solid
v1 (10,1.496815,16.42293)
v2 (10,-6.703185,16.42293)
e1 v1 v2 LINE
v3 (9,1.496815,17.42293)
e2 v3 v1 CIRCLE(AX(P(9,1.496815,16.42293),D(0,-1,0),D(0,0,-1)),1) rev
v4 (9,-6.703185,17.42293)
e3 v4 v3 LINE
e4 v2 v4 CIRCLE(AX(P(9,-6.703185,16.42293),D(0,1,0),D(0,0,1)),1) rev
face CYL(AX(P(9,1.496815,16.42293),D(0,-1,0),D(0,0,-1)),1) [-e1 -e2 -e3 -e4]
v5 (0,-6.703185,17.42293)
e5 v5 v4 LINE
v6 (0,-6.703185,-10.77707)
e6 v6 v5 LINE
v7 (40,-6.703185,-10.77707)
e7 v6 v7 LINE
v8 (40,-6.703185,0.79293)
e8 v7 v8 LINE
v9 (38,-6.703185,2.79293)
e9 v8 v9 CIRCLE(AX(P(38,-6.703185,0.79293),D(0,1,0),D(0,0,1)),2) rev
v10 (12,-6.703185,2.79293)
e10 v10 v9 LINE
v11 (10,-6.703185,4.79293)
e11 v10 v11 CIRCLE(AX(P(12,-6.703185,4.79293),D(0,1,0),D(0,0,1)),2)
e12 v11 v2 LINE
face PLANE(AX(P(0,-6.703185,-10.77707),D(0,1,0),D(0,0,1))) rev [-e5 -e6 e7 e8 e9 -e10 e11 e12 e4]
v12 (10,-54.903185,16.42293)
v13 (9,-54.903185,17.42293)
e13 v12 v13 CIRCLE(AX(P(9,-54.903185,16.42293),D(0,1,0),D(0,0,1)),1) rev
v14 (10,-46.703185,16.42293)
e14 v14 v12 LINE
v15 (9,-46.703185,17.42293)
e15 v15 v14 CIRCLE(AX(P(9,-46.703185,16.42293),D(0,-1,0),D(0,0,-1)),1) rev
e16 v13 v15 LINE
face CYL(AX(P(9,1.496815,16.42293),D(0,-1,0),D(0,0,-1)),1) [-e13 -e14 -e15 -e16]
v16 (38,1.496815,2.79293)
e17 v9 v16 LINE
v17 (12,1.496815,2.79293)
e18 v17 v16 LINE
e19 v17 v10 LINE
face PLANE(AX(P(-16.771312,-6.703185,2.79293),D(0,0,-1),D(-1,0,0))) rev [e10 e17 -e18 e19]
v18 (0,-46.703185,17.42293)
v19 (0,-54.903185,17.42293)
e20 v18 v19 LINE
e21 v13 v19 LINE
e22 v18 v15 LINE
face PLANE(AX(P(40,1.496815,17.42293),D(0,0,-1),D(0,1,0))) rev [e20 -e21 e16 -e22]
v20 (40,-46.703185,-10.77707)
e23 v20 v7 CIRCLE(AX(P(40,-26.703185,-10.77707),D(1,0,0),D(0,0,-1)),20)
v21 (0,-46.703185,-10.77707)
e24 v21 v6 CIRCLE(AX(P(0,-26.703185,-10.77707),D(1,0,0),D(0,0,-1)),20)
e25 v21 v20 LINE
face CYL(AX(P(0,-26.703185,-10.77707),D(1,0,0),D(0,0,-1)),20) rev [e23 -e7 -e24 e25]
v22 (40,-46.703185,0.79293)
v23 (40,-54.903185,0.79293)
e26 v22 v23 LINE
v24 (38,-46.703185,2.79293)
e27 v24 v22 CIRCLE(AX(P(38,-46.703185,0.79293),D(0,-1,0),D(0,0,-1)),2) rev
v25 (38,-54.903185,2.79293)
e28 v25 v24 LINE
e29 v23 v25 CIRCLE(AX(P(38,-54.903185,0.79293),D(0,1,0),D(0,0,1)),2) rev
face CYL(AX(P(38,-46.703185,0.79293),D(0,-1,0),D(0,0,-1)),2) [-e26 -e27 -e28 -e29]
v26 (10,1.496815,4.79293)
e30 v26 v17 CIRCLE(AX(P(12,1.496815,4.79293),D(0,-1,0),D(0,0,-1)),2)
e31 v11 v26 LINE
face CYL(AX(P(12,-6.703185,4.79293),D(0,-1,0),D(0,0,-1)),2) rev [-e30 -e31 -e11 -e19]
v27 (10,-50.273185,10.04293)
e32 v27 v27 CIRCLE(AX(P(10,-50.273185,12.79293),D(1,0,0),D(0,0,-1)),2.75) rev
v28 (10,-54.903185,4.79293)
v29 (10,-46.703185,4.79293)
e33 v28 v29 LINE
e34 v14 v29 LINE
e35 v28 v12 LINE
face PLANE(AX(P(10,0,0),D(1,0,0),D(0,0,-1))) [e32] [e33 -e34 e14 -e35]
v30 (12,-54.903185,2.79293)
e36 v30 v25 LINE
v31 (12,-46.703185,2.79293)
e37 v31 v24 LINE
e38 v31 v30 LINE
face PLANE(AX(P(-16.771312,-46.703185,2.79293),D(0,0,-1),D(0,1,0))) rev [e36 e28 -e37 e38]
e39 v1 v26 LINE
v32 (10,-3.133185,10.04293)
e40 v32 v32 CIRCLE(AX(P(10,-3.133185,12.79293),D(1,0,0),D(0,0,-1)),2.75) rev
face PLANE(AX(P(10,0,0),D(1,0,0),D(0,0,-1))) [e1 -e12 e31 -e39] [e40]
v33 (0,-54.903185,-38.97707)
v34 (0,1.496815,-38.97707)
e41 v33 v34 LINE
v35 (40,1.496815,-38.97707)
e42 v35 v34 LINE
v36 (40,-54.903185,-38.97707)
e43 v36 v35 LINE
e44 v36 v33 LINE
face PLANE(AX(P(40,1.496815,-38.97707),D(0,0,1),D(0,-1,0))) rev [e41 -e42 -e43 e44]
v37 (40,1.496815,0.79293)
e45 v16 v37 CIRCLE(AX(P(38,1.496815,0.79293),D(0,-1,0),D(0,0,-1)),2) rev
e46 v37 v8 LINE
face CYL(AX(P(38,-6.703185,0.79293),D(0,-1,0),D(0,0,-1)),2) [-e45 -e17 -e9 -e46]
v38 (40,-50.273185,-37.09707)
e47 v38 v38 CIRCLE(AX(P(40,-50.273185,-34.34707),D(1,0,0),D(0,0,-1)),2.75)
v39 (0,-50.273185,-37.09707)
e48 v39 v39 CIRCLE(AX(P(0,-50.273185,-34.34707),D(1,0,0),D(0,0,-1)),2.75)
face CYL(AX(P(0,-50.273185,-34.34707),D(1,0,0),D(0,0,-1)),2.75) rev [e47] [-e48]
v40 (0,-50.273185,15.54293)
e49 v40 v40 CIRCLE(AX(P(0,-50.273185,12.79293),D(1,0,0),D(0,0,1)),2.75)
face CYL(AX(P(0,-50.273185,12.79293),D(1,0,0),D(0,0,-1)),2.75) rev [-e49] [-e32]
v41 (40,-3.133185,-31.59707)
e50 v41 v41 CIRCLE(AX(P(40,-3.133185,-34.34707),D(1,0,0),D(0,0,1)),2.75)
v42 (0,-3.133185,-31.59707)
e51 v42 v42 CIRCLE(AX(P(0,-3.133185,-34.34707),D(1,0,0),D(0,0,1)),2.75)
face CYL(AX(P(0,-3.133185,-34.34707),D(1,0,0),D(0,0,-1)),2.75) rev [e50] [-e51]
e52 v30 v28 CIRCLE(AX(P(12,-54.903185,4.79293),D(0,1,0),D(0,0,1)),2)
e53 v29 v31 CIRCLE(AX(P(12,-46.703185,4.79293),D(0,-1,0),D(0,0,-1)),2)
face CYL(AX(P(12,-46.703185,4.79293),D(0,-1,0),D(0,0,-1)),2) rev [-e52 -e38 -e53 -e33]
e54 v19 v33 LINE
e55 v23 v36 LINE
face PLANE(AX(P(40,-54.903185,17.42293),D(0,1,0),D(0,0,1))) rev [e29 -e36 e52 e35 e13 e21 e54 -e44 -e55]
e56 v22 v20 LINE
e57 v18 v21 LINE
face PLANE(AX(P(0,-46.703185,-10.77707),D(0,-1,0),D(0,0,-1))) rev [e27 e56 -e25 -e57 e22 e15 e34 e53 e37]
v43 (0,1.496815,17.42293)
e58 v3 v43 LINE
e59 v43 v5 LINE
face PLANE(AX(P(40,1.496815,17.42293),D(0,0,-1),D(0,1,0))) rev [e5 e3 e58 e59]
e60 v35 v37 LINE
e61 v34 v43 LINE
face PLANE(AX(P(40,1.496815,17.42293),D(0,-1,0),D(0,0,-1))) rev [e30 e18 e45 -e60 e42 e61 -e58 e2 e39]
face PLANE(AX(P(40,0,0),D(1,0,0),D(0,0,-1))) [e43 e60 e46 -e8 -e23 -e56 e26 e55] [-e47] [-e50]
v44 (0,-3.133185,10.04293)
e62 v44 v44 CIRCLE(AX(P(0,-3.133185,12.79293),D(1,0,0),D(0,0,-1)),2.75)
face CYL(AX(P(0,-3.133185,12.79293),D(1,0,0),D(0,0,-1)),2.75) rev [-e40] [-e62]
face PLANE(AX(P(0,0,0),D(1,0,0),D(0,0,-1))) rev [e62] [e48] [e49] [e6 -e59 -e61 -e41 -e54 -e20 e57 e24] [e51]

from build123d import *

# Parameters (mm, degrees)
SKETCH1_W           = 56.4
SKETCH1_H           = 56.4
BOSS_EXTRUDE1_DEPTH = 40
SKETCH2_R           = 2.75
CUT_EXTRUDE1_DEPTH  = 79.317122537
CUT_EXTRUDE3_DEPTH  = 79.317122537
SKETCH5_W           = 14.63
SKETCH5_H           = 8.2
CUT_EXTRUDE4_DEPTH  = 30
FILLET1_R           = 2
FILLET2_R           = 2
FILLET3_R           = 1


with BuildPart() as part:
    # Sketch1 → Boss-Extrude1 (new body)
    with BuildSketch(Plane(origin=(0, 0, 0), x_dir=(0, 0, -1), z_dir=(1, 0, 0))):
        with Locations((10.777070064, -26.703184713)):
            Rectangle(SKETCH1_W, SKETCH1_H)
    extrude(amount=BOSS_EXTRUDE1_DEPTH)

    # Sketch2 → Cut-Extrude1 (cut, through all)
    with BuildSketch(Plane(origin=(40, 0, 0), x_dir=(0, 0, -1), z_dir=(1, 0, 0))):
        with Locations((-12.792929936, -3.133184713)):
            Circle(SKETCH2_R)
        with Locations(Location((-12.792929936, -50.273184713, 0), (0, 0, 180))):
            Circle(SKETCH2_R)
        with Locations(Location((34.347070064, -3.133184713, 0), (0, 0, 180))):
            Circle(SKETCH2_R)
        with Locations((34.347070064, -50.273184713)):
            Circle(SKETCH2_R)
    extrude(amount=-CUT_EXTRUDE1_DEPTH, mode=Mode.SUBTRACT)

    # Sketch4 → Cut-Extrude3 (cut, through all)
    with BuildSketch(Plane(origin=(40, 0, 0), x_dir=(0, 0, -1), z_dir=(1, 0, 0))):
        with BuildLine():
            Line((10.777070064, -6.703184713), (-17.422929936, -6.703184713))
            Line((-17.422929936, -6.703184713), (-17.422929936, -46.703184713))
            Line((-17.422929936, -46.703184713), (10.777070064, -46.703184713))
            ThreePointArc((10.777070064, -46.703184713), (30.777070064, -26.703184713), (10.777070064, -6.703184713))
        make_face()
    extrude(amount=-CUT_EXTRUDE3_DEPTH, mode=Mode.SUBTRACT)

    # Sketch5 → Cut-Extrude4 (cut)
    with BuildSketch(Plane(origin=(40, 0, 0), x_dir=(0, 0, -1), z_dir=(1, 0, 0))):
        with Locations((-10.107929936, -2.603184713)):
            Rectangle(SKETCH5_W, SKETCH5_H)
        with Locations((-10.107929936, -50.803184713)):
            Rectangle(SKETCH5_W, SKETCH5_H)
    extrude(amount=-CUT_EXTRUDE4_DEPTH, mode=Mode.SUBTRACT)

    # Fillet1
    fillet1_edges = [part.edges().sort_by_distance(p)[0] for p in [
        (10, -2.603184713, 2.792929936),
        (10, -50.803184713, 2.792929936),
    ]]
    fillet(fillet1_edges, radius=FILLET1_R)

    # Fillet2
    fillet2_edges = [part.edges().sort_by_distance(p)[0] for p in [
        (40, -2.603184713, 2.792929936),
        (40, -50.803184713, 2.792929936),
    ]]
    fillet(fillet2_edges, radius=FILLET2_R)

    # Fillet3
    fillet3_edges = [part.edges().sort_by_distance(p)[0] for p in [
        (10, -2.603184713, 17.422929936),
        (10, -50.803184713, 17.422929936),
    ]]
    fillet(fillet3_edges, radius=FILLET3_R)


solid = part.part
